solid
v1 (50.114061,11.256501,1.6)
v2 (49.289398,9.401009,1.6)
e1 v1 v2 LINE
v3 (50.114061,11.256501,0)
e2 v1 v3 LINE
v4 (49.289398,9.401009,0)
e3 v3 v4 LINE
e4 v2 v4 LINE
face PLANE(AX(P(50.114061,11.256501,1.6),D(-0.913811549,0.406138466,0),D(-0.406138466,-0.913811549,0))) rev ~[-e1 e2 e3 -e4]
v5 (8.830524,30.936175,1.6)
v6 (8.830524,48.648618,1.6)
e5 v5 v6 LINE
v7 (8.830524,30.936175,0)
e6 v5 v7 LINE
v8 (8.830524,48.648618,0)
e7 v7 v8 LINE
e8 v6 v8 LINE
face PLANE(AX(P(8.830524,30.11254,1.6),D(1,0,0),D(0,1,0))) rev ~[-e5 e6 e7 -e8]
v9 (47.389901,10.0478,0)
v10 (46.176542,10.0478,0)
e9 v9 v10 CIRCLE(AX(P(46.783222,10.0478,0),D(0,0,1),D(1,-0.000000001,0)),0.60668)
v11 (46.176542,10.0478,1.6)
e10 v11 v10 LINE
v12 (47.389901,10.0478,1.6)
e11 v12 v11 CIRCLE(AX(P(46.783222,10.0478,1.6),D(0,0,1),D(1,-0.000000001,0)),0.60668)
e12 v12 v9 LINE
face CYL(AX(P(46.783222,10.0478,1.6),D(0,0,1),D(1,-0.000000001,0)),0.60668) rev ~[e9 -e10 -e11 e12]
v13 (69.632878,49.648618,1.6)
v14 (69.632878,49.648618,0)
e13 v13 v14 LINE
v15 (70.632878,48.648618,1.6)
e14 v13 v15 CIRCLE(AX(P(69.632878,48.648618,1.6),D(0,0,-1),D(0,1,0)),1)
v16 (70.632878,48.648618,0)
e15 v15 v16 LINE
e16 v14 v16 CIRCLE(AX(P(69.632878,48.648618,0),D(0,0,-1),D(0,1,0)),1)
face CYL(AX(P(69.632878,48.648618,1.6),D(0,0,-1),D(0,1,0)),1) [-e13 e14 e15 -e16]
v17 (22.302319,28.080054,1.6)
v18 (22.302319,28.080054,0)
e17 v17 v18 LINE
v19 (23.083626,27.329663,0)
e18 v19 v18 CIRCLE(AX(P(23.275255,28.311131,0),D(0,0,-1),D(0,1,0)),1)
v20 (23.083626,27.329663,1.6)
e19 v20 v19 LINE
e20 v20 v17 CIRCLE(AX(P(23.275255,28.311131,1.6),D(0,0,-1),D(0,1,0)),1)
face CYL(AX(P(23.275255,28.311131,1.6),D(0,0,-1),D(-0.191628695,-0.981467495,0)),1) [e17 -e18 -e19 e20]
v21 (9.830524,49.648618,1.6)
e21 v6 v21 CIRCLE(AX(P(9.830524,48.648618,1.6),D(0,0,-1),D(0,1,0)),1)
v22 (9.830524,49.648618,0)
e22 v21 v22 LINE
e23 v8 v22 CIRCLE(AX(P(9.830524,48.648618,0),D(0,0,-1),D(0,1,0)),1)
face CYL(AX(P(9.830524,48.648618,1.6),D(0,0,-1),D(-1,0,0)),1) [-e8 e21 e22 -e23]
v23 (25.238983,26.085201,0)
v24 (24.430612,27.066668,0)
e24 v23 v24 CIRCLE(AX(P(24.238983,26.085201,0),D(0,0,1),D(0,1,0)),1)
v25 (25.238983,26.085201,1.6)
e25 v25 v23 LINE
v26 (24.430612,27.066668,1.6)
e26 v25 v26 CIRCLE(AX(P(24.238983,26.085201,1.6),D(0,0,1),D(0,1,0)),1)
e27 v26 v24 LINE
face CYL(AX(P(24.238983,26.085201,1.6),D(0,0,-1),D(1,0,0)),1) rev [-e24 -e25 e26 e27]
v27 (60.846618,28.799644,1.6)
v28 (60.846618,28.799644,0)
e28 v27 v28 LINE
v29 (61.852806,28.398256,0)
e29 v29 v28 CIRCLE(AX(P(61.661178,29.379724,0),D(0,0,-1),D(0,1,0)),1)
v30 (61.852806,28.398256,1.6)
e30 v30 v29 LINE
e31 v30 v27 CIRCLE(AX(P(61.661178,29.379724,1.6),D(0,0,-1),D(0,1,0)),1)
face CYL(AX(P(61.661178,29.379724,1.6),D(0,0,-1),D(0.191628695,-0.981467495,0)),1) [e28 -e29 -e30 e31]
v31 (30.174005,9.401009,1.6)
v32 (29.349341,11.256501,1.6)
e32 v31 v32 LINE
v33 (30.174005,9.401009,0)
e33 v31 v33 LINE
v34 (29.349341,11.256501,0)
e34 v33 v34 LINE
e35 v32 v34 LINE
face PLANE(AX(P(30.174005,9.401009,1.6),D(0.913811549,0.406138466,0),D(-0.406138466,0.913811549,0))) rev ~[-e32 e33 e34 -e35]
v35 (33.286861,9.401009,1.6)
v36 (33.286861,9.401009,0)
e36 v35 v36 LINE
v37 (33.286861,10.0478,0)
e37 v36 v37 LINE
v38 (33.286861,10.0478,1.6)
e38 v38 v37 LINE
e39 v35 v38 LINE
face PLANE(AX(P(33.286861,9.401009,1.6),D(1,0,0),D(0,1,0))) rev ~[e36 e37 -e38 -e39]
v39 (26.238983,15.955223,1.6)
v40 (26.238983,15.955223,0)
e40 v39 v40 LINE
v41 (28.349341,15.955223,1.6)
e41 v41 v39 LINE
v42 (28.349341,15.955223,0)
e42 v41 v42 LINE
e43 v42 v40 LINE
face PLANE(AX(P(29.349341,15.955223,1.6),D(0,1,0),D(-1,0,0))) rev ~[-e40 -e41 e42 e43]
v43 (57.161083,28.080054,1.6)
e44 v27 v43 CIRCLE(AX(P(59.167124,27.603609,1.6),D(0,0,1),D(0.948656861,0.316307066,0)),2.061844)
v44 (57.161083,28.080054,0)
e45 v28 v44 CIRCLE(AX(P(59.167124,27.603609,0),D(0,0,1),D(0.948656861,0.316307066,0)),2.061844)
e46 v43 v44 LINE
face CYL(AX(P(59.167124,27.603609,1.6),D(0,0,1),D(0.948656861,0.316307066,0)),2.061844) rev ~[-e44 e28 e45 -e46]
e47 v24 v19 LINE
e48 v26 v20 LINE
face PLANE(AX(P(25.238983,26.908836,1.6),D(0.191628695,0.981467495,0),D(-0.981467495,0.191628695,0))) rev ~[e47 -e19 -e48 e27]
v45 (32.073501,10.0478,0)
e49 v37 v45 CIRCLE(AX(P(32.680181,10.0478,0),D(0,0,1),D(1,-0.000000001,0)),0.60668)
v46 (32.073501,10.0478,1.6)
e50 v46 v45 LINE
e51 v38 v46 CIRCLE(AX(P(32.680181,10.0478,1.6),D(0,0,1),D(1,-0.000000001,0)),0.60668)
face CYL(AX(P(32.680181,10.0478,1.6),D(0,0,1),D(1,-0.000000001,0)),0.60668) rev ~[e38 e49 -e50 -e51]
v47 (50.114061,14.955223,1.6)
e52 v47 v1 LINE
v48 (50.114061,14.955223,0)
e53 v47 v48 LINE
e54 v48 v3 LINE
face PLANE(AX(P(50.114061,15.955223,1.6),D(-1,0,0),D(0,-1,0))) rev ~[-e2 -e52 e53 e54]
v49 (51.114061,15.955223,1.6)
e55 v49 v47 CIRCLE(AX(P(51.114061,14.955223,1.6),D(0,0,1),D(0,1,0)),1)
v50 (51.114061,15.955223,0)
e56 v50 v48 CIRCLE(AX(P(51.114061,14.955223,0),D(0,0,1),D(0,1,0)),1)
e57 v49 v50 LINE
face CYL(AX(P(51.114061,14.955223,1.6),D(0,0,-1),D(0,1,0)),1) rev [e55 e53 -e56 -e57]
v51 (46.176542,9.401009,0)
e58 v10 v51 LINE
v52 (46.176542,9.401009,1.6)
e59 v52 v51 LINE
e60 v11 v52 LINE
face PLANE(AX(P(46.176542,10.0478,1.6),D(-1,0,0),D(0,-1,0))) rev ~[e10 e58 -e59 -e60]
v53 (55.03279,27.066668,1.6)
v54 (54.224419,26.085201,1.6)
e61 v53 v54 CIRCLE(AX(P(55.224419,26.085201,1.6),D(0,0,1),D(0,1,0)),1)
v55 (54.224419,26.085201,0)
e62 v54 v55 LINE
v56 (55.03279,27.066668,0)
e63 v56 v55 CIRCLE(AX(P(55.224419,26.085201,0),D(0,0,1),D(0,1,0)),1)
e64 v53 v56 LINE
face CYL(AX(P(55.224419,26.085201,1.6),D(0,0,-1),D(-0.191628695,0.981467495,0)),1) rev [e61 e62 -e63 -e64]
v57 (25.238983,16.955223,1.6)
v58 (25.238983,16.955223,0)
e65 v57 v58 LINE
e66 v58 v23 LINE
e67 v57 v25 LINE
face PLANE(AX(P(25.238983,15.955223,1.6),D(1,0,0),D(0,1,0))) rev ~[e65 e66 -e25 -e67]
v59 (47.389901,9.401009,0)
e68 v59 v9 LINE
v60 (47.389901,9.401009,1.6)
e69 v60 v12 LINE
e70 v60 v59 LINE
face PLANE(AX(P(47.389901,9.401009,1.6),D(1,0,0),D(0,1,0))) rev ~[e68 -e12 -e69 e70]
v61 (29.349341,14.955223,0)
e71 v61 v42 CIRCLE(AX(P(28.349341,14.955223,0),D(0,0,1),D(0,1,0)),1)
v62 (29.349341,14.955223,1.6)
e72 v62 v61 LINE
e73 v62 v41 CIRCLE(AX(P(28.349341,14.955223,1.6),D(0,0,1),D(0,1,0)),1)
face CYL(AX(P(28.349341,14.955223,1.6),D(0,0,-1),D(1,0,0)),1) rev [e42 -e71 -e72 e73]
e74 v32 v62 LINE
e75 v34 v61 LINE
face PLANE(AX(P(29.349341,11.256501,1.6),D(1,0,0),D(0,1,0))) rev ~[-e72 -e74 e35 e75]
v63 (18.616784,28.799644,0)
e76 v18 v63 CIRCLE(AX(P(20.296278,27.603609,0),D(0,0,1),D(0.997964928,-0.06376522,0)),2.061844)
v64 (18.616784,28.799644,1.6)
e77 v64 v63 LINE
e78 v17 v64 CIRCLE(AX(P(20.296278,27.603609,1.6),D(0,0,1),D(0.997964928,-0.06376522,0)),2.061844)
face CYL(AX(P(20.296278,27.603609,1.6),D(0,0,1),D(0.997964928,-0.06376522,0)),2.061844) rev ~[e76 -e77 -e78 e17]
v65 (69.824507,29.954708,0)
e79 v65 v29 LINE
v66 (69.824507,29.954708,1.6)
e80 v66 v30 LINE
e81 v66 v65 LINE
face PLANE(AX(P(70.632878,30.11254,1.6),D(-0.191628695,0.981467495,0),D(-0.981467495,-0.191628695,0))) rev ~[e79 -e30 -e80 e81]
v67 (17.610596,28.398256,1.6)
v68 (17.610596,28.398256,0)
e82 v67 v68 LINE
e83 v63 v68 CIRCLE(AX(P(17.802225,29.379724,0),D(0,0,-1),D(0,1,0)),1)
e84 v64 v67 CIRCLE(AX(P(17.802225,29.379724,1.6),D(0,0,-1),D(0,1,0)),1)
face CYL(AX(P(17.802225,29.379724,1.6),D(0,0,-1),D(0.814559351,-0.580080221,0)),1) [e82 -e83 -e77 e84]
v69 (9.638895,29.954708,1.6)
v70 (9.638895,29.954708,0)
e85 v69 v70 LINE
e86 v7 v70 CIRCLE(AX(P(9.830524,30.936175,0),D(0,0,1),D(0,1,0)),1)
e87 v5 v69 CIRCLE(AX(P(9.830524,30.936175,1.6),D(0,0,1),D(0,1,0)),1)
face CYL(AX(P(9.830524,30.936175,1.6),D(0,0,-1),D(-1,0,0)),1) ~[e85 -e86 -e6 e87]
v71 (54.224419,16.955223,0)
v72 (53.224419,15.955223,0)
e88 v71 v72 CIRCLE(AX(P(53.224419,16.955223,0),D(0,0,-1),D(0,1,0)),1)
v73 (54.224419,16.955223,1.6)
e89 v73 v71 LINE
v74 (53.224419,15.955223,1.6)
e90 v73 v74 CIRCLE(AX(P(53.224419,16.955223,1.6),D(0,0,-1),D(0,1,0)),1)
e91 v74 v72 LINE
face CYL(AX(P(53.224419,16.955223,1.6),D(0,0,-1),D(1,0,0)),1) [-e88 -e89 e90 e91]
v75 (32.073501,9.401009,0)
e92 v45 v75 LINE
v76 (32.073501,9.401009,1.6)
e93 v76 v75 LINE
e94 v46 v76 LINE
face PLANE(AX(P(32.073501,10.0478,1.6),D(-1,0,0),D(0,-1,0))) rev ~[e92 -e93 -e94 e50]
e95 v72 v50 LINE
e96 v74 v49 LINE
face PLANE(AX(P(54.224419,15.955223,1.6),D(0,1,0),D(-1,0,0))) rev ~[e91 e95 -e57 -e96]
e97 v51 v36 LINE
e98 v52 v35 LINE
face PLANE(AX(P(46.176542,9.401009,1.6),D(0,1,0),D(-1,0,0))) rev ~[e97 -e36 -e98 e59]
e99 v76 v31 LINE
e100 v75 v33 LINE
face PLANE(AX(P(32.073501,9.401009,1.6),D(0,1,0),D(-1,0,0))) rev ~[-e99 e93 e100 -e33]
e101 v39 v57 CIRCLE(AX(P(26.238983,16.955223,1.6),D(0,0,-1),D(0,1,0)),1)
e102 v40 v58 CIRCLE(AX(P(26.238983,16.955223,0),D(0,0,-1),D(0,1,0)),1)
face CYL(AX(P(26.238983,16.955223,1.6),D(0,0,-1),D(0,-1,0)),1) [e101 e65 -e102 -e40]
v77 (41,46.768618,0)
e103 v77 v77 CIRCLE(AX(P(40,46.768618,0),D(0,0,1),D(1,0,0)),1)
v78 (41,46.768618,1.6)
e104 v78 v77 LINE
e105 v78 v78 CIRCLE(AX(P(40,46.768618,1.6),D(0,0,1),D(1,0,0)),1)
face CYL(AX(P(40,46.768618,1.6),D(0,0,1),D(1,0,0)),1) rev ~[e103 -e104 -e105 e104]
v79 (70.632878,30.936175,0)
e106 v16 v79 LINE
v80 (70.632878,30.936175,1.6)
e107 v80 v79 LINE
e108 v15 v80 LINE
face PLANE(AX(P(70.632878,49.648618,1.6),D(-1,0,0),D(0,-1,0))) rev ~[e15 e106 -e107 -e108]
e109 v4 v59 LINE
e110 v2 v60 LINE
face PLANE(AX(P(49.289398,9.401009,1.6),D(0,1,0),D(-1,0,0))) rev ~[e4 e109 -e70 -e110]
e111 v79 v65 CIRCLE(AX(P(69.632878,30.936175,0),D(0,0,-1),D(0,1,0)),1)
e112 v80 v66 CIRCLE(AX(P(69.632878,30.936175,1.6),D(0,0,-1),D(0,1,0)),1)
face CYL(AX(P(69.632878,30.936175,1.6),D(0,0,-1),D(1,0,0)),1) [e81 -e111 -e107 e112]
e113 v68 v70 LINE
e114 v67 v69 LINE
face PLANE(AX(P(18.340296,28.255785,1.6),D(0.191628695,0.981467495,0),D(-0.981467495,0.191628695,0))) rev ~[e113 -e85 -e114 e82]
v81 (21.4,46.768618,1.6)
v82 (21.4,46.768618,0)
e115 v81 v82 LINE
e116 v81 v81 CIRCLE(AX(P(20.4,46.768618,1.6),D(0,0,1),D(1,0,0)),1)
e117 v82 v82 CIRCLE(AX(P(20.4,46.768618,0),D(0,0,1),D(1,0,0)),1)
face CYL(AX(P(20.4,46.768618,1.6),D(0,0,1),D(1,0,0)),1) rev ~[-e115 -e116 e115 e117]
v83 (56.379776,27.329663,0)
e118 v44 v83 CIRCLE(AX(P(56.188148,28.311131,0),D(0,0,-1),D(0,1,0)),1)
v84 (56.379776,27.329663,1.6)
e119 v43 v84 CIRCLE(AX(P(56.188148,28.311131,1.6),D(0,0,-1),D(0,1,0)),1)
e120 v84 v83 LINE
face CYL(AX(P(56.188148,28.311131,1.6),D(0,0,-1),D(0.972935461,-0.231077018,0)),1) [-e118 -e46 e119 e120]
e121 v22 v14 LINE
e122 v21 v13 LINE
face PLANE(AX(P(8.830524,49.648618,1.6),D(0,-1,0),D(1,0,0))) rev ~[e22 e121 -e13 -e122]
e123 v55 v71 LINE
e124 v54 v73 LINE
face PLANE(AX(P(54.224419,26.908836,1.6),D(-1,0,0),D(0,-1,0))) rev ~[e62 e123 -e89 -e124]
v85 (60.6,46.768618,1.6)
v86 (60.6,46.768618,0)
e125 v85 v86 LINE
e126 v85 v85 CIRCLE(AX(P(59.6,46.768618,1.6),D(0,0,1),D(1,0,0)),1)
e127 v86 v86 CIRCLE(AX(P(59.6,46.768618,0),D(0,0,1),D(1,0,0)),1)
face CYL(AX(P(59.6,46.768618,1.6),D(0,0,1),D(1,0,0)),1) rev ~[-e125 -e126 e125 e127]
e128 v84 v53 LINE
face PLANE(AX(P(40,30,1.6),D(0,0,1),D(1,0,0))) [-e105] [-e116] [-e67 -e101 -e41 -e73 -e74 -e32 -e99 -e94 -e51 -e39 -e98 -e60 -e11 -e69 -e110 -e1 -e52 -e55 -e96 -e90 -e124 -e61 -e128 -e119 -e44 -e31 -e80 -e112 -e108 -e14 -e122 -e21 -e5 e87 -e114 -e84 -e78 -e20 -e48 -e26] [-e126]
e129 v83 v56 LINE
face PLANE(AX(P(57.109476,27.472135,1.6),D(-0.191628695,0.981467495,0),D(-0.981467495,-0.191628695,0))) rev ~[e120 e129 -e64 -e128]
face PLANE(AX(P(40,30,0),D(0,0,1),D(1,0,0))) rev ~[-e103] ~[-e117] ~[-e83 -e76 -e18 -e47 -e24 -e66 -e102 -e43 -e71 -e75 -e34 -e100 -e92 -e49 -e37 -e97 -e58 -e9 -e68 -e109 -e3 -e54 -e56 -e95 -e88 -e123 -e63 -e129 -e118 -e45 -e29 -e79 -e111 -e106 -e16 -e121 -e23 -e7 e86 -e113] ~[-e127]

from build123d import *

# Parameters (mm, degrees)
SKETCH1_W           = 80
SKETCH1_H           = 60
BOSS_EXTRUDE1_DEPTH = 1.6
SKETCH2_OUTSIDE_W   = 102.002
SKETCH2_OUTSIDE_H   = 82.002
CUT_EXTRUDE1_DEPTH  = 1.6
FILLET1_R           = 1
SKETCH3_R           = 1
CUT_EXTRUDE2_DEPTH  = 10


with BuildPart() as part:
    # Sketch1 → Boss-Extrude1 (new body)
    with BuildSketch(Plane.XY):
        with Locations((40, 30)):
            Rectangle(SKETCH1_W, SKETCH1_H)
    extrude(amount=BOSS_EXTRUDE1_DEPTH)

    # Sketch2 outside → Cut-Extrude1 (cut)
    with BuildSketch(Plane.XY.offset(1.6)):
        with Locations((40, 30)):
            Rectangle(SKETCH2_OUTSIDE_W, SKETCH2_OUTSIDE_H)
        with BuildLine():
            Line((8.830524125, 49.648617791), (70.632878184, 49.648617791))
            Line((70.632878184, 49.648617791), (70.632878184, 30.112540158))
            Line((70.632878184, 30.112540158), (61.123106489, 28.255784683))
            ThreePointArc((61.123106489, 28.255784683), (58.77201565, 29.627241667), (57.109476194, 27.472134952))
            Line((57.109476194, 27.472134952), (54.224418996, 26.908835862))
            Line((54.224418996, 26.908835862), (54.224418996, 15.955223451))
            Line((54.224418996, 15.955223451), (50.114060899, 15.955223451))
            Line((50.114060899, 15.955223451), (50.114060899, 11.256501231))
            Line((50.114060899, 11.256501231), (49.289397665, 9.401008955))
            Line((49.289397665, 9.401008955), (47.389901446, 9.401008955))
            Line((47.389901446, 9.401008955), (47.389901446, 10.047799846))
            ThreePointArc((47.389901446, 10.047799846), (46.783221619, 10.654479673), (46.176541793, 10.047799846))
            Line((46.176541793, 10.047799846), (46.176541793, 9.401008955))
            Line((46.176541793, 9.401008955), (33.286860516, 9.401008955))
            Line((33.286860516, 9.401008955), (33.286860516, 10.047799846))
            ThreePointArc((33.286860516, 10.047799846), (32.68018069, 10.654479673), (32.073500863, 10.047799846))
            Line((32.073500863, 10.047799846), (32.073500863, 9.401008955))
            Line((32.073500863, 9.401008955), (30.174004644, 9.401008955))
            Line((30.174004644, 9.401008955), (29.34934141, 11.256501231))
            Line((29.34934141, 11.256501231), (29.34934141, 15.955223451))
            Line((29.34934141, 15.955223451), (25.238983313, 15.955223451))
            Line((25.238983313, 15.955223451), (25.238983313, 26.908835862))
            Line((25.238983313, 26.908835862), (22.353926115, 27.472134952))
            ThreePointArc((22.353926115, 27.472134952), (20.691386659, 29.627241667), (18.34029582, 28.255784683))
            Line((18.34029582, 28.255784683), (8.830524125, 30.112540158))
            Line((8.830524125, 30.112540158), (8.830524125, 49.648617791))
        make_face(mode=Mode.SUBTRACT)
    extrude(amount=-CUT_EXTRUDE1_DEPTH, mode=Mode.SUBTRACT)

    # Fillet1
    fillet1_edges = [part.edges().sort_by_distance(p)[0] for p in [
        (8.830524125, 49.648617791, 0.8),
        (70.632878184, 49.648617791, 0.8),
        (70.632878184, 30.112540158, 0.8),
        (61.123106489, 28.255784683, 0.8),
        (57.109476194, 27.472134952, 0.8),
        (54.224418996, 26.908835862, 0.8),
        (54.224418996, 15.955223451, 0.8),
        (50.114060899, 15.955223451, 0.8),
        (29.34934141, 15.955223451, 0.8),
        (25.238983313, 15.955223451, 0.8),
        (25.238983313, 26.908835862, 0.8),
        (22.353926115, 27.472134952, 0.8),
        (18.34029582, 28.255784683, 0.8),
        (8.830524125, 30.112540158, 0.8),
    ]]
    fillet(fillet1_edges, radius=FILLET1_R)

    # Sketch3 → Cut-Extrude2 (cut)
    with BuildSketch(Plane.XY.offset(1.6)):
        with Locations((20.4, 46.768617791)):
            Circle(SKETCH3_R)
        with Locations((40, 46.768617791)):
            Circle(SKETCH3_R)
        with Locations((59.6, 46.768617791)):
            Circle(SKETCH3_R)
    extrude(amount=-CUT_EXTRUDE2_DEPTH, mode=Mode.SUBTRACT)


solid = part.part
